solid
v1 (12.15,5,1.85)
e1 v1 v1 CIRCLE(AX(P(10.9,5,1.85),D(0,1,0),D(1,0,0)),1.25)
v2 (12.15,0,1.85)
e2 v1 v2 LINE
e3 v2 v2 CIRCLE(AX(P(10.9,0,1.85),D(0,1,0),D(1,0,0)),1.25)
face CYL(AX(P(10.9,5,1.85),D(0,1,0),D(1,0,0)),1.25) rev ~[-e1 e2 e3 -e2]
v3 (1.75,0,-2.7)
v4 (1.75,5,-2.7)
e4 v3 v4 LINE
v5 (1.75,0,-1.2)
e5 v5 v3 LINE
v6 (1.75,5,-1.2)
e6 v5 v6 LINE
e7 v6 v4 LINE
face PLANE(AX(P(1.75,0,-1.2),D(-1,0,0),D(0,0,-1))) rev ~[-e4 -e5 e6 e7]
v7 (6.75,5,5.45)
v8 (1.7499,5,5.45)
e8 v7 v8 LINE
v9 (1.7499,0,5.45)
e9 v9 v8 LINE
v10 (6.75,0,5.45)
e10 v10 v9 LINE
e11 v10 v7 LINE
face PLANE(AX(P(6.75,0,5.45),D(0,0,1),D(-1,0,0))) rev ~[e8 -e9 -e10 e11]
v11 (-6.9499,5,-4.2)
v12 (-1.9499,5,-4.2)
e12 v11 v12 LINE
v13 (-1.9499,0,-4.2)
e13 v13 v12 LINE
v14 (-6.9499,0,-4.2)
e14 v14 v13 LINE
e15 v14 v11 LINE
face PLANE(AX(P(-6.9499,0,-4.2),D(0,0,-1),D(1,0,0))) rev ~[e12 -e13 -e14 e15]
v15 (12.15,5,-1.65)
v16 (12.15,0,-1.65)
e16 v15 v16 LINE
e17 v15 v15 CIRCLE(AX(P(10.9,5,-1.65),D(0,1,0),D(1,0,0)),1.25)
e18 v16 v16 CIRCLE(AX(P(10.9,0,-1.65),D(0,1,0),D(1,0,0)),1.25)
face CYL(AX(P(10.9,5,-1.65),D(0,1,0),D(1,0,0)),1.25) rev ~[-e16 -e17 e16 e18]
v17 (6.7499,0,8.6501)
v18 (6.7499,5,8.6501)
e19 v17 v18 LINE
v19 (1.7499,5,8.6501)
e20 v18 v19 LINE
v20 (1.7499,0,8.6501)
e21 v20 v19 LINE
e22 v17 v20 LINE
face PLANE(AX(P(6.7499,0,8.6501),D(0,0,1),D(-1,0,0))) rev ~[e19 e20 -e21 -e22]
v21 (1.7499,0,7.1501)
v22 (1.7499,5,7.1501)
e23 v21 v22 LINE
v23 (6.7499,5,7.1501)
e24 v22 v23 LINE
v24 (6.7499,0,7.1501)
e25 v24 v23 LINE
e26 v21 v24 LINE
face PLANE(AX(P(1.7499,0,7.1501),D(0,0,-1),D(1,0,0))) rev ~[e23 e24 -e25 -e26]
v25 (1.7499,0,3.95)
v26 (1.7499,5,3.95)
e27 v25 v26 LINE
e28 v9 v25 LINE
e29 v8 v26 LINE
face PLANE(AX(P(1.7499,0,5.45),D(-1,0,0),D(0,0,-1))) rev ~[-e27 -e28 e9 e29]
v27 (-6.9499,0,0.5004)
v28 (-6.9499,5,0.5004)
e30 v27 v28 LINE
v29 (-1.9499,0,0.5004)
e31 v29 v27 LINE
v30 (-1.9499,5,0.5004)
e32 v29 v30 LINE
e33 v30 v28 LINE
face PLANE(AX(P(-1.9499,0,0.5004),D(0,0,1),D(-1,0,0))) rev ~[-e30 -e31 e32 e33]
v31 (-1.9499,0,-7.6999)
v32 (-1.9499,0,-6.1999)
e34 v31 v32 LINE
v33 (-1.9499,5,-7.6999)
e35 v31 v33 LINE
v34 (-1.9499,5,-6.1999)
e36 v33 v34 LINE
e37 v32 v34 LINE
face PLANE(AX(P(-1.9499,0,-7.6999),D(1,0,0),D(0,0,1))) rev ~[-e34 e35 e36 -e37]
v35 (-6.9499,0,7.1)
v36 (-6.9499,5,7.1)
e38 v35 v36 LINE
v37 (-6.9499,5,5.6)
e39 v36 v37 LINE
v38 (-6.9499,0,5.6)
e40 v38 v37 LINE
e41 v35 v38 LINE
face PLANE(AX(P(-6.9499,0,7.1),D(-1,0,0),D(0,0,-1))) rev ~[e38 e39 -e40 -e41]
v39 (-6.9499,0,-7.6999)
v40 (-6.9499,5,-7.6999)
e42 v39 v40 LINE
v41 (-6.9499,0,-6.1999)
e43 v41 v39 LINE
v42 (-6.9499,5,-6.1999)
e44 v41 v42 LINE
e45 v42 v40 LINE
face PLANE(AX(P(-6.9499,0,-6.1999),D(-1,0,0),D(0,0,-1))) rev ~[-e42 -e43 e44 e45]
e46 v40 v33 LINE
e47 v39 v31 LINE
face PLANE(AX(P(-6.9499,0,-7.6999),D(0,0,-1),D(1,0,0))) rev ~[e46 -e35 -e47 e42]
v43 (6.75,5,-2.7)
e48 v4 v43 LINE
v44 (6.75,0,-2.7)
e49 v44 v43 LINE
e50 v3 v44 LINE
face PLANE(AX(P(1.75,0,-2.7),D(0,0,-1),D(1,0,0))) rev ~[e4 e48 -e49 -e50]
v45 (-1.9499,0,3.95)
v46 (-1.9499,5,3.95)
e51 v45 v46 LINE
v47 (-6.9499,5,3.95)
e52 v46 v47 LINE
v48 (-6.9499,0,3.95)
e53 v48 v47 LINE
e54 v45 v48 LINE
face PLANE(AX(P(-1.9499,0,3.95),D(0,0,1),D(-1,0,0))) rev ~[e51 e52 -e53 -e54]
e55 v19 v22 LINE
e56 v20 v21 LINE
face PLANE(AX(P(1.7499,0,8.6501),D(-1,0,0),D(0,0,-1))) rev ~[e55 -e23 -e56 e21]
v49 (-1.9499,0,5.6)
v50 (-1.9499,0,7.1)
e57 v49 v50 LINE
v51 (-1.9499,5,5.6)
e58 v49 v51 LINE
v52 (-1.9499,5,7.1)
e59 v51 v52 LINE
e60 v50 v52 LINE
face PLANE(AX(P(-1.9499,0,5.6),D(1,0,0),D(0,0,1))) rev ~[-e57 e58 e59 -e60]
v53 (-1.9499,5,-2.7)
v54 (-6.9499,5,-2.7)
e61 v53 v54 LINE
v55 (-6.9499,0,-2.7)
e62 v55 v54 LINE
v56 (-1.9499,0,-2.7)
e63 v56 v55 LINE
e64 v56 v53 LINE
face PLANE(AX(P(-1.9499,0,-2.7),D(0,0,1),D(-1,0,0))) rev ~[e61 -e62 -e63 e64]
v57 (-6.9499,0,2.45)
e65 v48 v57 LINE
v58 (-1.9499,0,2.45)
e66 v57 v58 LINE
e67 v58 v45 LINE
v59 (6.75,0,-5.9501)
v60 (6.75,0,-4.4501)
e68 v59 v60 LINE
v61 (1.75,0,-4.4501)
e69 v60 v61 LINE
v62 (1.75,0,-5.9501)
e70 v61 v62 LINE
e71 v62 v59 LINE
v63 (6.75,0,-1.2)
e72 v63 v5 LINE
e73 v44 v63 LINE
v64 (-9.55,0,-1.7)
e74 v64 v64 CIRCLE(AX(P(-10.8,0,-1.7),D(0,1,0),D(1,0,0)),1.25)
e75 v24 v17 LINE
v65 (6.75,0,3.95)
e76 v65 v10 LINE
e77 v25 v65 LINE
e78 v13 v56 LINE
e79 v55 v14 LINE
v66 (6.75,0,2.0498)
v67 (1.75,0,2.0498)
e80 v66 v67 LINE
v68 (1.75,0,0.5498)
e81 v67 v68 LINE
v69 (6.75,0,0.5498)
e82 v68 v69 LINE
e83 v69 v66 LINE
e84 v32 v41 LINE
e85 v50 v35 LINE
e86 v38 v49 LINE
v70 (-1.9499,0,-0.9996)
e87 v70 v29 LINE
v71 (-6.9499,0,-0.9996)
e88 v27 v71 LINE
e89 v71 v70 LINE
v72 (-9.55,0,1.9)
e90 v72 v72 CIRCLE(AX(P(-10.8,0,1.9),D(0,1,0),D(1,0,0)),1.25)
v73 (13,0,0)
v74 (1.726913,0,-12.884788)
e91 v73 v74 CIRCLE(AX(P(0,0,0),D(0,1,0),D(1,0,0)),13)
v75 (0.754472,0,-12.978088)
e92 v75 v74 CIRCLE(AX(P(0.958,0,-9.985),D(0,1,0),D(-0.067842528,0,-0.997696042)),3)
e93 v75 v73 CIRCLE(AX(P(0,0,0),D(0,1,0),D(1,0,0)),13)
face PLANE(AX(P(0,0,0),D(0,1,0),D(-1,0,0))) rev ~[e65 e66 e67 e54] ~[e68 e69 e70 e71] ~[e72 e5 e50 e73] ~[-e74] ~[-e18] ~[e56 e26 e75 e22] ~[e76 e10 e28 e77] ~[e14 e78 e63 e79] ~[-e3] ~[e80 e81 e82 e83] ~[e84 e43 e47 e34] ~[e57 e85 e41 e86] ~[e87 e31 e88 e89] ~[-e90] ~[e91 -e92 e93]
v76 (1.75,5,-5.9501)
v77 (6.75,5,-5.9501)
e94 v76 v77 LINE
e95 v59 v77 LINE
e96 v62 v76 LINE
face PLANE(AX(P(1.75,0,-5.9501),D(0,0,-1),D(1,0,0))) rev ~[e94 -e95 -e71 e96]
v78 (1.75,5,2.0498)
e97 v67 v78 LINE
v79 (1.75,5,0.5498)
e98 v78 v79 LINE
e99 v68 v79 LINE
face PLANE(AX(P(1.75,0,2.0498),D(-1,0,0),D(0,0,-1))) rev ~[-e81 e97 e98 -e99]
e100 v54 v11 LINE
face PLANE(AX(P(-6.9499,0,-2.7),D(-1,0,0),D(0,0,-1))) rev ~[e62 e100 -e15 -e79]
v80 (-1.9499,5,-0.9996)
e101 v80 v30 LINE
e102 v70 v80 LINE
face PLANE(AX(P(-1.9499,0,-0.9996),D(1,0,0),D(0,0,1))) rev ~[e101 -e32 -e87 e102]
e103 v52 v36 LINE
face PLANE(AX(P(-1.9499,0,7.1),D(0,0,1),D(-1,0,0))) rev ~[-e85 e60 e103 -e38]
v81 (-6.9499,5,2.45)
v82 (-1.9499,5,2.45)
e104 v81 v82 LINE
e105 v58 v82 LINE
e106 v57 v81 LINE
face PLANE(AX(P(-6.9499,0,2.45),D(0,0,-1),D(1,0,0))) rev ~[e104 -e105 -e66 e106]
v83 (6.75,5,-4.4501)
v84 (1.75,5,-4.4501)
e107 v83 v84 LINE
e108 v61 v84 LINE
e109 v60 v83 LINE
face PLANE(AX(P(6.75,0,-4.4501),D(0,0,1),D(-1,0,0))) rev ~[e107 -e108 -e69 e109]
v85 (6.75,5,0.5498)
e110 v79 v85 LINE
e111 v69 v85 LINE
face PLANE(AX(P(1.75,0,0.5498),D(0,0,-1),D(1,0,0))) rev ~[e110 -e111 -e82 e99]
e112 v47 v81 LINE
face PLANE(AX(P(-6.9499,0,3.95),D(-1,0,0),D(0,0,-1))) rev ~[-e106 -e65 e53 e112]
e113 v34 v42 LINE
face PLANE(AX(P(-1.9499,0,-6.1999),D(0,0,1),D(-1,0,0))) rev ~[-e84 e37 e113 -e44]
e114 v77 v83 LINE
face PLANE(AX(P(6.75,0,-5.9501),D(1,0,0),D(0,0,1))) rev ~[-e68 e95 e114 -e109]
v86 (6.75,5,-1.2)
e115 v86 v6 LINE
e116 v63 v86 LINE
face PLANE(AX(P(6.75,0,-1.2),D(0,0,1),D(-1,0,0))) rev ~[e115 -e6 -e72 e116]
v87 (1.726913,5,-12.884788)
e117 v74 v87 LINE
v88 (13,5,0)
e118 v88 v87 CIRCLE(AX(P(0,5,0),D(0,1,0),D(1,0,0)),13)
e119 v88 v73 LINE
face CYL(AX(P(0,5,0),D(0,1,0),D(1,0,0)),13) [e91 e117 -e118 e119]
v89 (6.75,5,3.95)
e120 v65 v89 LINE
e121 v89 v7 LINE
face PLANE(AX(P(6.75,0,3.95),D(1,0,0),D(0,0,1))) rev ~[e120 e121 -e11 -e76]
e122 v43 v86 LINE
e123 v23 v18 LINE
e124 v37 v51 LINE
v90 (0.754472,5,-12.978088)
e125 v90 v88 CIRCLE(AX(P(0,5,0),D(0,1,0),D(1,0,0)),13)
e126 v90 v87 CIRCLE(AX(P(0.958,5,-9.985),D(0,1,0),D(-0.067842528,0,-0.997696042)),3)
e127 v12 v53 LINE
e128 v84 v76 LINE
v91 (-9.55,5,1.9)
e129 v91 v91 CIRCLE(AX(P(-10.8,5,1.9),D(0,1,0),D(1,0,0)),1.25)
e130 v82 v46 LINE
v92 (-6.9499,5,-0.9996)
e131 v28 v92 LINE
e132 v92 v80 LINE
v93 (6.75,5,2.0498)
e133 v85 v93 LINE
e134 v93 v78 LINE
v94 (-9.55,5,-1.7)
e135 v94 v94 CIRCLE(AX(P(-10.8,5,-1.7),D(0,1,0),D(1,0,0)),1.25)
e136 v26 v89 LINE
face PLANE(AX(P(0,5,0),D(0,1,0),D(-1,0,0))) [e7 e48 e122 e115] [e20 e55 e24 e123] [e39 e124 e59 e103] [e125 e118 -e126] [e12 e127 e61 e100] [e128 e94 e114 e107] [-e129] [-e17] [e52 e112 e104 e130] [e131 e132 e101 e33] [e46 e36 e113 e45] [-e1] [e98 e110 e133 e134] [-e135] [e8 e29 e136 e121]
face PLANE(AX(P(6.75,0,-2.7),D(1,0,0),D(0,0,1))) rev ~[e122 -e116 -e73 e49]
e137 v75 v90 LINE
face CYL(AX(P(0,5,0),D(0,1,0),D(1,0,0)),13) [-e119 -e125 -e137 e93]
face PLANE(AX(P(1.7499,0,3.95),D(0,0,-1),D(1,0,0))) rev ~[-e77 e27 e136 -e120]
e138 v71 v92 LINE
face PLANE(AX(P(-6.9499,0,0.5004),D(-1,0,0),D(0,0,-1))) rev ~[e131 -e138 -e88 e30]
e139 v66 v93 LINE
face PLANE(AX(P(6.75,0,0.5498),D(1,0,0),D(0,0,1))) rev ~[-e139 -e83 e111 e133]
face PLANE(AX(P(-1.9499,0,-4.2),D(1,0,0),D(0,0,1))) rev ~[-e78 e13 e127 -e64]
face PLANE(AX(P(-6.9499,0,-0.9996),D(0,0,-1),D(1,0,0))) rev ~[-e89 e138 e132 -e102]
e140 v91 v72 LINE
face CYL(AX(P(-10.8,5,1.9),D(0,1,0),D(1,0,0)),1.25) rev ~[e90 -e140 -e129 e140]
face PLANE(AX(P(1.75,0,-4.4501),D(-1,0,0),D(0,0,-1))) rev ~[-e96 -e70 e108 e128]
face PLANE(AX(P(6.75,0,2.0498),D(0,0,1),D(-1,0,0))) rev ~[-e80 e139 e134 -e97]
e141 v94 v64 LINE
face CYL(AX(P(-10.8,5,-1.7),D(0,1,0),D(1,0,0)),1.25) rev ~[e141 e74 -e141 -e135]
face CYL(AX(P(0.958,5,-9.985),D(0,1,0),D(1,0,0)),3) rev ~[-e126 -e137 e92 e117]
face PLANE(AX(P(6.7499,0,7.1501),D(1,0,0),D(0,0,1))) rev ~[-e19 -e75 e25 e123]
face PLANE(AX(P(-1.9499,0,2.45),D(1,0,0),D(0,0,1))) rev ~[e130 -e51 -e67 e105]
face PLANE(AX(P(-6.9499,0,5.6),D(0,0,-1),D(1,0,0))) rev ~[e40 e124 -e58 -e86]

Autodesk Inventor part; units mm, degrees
ref_plane "YZ Plane" through (0, 0, 0) normal (1, 0, 0) x (0, 1, 0)
ref_plane "XZ Plane" through (0, 0, 0) normal (0, 1, 0) x (-1, 0, 0)
ref_plane "XY Plane" through (0, 0, 0) normal (0, 0, 1) x (1, 0, 0)
sketch "Sketch3" plane through (0, 0, 0) normal (0, 1, 0) x (-1, 0, 0)
  circle A0 centre (0, 0) radius 13.5
  line L0 (-6.7499, 8.6501) -> (-1.7499, 8.6501)
  line L1 (-1.7499, 8.6501) -> (-1.7499, 7.1501)
  line L2 (-1.7499, 7.1501) -> (-6.7499, 7.1501)
  line L3 (-6.7499, 7.1501) -> (-6.7499, 8.6501)
  line L4 (-6.75, 5.45) -> (-1.7499, 5.45)
  line L5 (-1.7499, 5.45) -> (-1.7499, 3.95)
  line L6 (-1.7499, 3.95) -> (-6.75, 3.95)
  line L7 (-6.75, 3.95) -> (-6.75, 5.45)
  line L8 (-6.75, 2.0498) -> (-1.75, 2.0498)
  line L9 (-1.75, 2.0498) -> (-1.75, 0.5498)
  line L10 (-1.75, 0.5498) -> (-6.75, 0.5498)
  line L11 (-6.75, 0.5498) -> (-6.75, 2.0498)
  line L12 (-6.75, -1.2) -> (-1.75, -1.2)
  line L13 (-1.75, -1.2) -> (-1.75, -2.7)
  line L14 (-1.75, -2.7) -> (-6.75, -2.7)
  line L15 (-6.75, -2.7) -> (-6.75, -1.2)
  line L16 (-6.75, -4.4501) -> (-1.75, -4.4501)
  line L17 (-1.75, -4.4501) -> (-1.75, -5.9501)
  line L18 (-1.75, -5.9501) -> (-6.75, -5.9501)
  line L19 (-6.75, -5.9501) -> (-6.75, -4.4501)
  line L20 (1.9499, 7.1) -> (6.9499, 7.1)
  line L21 (6.9499, 7.1) -> (6.9499, 5.6)
  line L22 (6.9499, 5.6) -> (1.9499, 5.6)
  line L23 (1.9499, 5.6) -> (1.9499, 7.1)
  line L24 (1.9499, 3.95) -> (6.9499, 3.95)
  line L25 (6.9499, 3.95) -> (6.9499, 2.45)
  line L26 (6.9499, 2.45) -> (1.9499, 2.45)
  line L27 (1.9499, 2.45) -> (1.9499, 3.95)
  line L28 (1.9499, 0.5004) -> (6.9499, 0.5004)
  line L29 (6.9499, 0.5004) -> (6.9499, -0.9996)
  line L30 (6.9499, -0.9996) -> (1.9499, -0.9996)
  line L31 (1.9499, -0.9996) -> (1.9499, 0.5004)
  line L32 (1.9499, -2.7) -> (6.9499, -2.7)
  line L33 (6.9499, -2.7) -> (6.9499, -4.2)
  line L34 (6.9499, -4.2) -> (1.9499, -4.2)
  line L35 (1.9499, -4.2) -> (1.9499, -2.7)
  line L36 (1.9499, -6.1999) -> (6.9499, -6.1999)
  line L37 (6.9499, -6.1999) -> (6.9499, -7.6999)
  line L38 (6.9499, -7.6999) -> (1.9499, -7.6999)
  line L39 (1.9499, -7.6999) -> (1.9499, -6.1999)
  point P0 (-6.7499, 7.9001)
  point P1 (-6.75, 4.7)
  point P2 (-5.95, -5.2001)
  dimension "d3" = 27
  dimension "d4" = 5
  dimension "d5" = 1.5
  dimension "d6" = 1.5
  dimension "d7" = 5
  dimension "d8" = 1.5
  dimension "d9" = 5
  dimension "d10" = 1.5
  dimension "d11" = 5
  dimension "d12" = 1.5
  dimension "d13" = 0.8
  dimension "d14" = 5
  dimension "d15" = 1.5
  dimension "d16" = 5
  dimension "d17" = 1.5
  dimension "d18" = 5
  dimension "d19" = 1.5
  dimension "d20" = 5
  dimension "d21" = 1.5
  dimension "d22" = 1.5
extrude "Extrusion1" add sketch "Sketch3" along normal blind 5
sketch "Sketch4" plane through (0, 5, 0) normal (0, 1, 0) x (1, 0, 0)
  circle A0 centre (-10.8, -1.9) radius 0.75
  circle A1 centre (-10.8, 1.7) radius 0.75
  circle A2 centre (10.9, -1.85) radius 0.75
  circle A3 centre (10.9, 1.65) radius 0.75
  circle A4 centre (0.958, 9.985) radius 3
  point P0 (0, 0)
  dimension "d25" = 1.5
  dimension "d26" = 1.5
  dimension "d27" = 1.5
  dimension "d28" = 1.5
  dimension "d29" = 6
extrude "Extrusion2" cut sketch "Sketch4" against normal blind 5
sketch "Sketch5" plane through (0, 5, 0) normal (0, 1, 0) x (1, 0, 0)
  circle A0 centre (-10.8, -1.9) radius 0.75 projected
  circle A1 centre (-10.8, -1.9) radius 1.25
  circle A2 centre (-10.8, 1.7) radius 0.75 projected
  circle A3 centre (-10.8, 1.7) radius 1.25
  circle A4 centre (10.9, -1.85) radius 0.75 projected
  circle A5 centre (10.9, -1.85) radius 1.25
  circle A6 centre (10.9, 1.65) radius 0.75 projected
  circle A7 centre (10.9, 1.65) radius 1.25
  point P0 (0, 0)
  dimension "d33" = 2.5
  dimension "d34" = 2.5
  dimension "d35" = 2.5
  dimension "d36" = 2.5
extrude "Extrusion3" cut sketch "Sketch5" against normal blind 5 contours A0 | A1 | A2 | A3 | A4 | A5 | A6 | A7
sketch "Sketch6" plane through (0, 5, 0) normal (0, 1, 0) x (1, 0, 0)
  circle A0 centre (0, 0) radius 13.5
  circle A1 centre (0, 0) radius 13
  dimension "d41" = 26
extrude "Extrusion4" cut sketch "Sketch6" against normal blind 10
properties part number "Seperator_V2_3DPrint"
